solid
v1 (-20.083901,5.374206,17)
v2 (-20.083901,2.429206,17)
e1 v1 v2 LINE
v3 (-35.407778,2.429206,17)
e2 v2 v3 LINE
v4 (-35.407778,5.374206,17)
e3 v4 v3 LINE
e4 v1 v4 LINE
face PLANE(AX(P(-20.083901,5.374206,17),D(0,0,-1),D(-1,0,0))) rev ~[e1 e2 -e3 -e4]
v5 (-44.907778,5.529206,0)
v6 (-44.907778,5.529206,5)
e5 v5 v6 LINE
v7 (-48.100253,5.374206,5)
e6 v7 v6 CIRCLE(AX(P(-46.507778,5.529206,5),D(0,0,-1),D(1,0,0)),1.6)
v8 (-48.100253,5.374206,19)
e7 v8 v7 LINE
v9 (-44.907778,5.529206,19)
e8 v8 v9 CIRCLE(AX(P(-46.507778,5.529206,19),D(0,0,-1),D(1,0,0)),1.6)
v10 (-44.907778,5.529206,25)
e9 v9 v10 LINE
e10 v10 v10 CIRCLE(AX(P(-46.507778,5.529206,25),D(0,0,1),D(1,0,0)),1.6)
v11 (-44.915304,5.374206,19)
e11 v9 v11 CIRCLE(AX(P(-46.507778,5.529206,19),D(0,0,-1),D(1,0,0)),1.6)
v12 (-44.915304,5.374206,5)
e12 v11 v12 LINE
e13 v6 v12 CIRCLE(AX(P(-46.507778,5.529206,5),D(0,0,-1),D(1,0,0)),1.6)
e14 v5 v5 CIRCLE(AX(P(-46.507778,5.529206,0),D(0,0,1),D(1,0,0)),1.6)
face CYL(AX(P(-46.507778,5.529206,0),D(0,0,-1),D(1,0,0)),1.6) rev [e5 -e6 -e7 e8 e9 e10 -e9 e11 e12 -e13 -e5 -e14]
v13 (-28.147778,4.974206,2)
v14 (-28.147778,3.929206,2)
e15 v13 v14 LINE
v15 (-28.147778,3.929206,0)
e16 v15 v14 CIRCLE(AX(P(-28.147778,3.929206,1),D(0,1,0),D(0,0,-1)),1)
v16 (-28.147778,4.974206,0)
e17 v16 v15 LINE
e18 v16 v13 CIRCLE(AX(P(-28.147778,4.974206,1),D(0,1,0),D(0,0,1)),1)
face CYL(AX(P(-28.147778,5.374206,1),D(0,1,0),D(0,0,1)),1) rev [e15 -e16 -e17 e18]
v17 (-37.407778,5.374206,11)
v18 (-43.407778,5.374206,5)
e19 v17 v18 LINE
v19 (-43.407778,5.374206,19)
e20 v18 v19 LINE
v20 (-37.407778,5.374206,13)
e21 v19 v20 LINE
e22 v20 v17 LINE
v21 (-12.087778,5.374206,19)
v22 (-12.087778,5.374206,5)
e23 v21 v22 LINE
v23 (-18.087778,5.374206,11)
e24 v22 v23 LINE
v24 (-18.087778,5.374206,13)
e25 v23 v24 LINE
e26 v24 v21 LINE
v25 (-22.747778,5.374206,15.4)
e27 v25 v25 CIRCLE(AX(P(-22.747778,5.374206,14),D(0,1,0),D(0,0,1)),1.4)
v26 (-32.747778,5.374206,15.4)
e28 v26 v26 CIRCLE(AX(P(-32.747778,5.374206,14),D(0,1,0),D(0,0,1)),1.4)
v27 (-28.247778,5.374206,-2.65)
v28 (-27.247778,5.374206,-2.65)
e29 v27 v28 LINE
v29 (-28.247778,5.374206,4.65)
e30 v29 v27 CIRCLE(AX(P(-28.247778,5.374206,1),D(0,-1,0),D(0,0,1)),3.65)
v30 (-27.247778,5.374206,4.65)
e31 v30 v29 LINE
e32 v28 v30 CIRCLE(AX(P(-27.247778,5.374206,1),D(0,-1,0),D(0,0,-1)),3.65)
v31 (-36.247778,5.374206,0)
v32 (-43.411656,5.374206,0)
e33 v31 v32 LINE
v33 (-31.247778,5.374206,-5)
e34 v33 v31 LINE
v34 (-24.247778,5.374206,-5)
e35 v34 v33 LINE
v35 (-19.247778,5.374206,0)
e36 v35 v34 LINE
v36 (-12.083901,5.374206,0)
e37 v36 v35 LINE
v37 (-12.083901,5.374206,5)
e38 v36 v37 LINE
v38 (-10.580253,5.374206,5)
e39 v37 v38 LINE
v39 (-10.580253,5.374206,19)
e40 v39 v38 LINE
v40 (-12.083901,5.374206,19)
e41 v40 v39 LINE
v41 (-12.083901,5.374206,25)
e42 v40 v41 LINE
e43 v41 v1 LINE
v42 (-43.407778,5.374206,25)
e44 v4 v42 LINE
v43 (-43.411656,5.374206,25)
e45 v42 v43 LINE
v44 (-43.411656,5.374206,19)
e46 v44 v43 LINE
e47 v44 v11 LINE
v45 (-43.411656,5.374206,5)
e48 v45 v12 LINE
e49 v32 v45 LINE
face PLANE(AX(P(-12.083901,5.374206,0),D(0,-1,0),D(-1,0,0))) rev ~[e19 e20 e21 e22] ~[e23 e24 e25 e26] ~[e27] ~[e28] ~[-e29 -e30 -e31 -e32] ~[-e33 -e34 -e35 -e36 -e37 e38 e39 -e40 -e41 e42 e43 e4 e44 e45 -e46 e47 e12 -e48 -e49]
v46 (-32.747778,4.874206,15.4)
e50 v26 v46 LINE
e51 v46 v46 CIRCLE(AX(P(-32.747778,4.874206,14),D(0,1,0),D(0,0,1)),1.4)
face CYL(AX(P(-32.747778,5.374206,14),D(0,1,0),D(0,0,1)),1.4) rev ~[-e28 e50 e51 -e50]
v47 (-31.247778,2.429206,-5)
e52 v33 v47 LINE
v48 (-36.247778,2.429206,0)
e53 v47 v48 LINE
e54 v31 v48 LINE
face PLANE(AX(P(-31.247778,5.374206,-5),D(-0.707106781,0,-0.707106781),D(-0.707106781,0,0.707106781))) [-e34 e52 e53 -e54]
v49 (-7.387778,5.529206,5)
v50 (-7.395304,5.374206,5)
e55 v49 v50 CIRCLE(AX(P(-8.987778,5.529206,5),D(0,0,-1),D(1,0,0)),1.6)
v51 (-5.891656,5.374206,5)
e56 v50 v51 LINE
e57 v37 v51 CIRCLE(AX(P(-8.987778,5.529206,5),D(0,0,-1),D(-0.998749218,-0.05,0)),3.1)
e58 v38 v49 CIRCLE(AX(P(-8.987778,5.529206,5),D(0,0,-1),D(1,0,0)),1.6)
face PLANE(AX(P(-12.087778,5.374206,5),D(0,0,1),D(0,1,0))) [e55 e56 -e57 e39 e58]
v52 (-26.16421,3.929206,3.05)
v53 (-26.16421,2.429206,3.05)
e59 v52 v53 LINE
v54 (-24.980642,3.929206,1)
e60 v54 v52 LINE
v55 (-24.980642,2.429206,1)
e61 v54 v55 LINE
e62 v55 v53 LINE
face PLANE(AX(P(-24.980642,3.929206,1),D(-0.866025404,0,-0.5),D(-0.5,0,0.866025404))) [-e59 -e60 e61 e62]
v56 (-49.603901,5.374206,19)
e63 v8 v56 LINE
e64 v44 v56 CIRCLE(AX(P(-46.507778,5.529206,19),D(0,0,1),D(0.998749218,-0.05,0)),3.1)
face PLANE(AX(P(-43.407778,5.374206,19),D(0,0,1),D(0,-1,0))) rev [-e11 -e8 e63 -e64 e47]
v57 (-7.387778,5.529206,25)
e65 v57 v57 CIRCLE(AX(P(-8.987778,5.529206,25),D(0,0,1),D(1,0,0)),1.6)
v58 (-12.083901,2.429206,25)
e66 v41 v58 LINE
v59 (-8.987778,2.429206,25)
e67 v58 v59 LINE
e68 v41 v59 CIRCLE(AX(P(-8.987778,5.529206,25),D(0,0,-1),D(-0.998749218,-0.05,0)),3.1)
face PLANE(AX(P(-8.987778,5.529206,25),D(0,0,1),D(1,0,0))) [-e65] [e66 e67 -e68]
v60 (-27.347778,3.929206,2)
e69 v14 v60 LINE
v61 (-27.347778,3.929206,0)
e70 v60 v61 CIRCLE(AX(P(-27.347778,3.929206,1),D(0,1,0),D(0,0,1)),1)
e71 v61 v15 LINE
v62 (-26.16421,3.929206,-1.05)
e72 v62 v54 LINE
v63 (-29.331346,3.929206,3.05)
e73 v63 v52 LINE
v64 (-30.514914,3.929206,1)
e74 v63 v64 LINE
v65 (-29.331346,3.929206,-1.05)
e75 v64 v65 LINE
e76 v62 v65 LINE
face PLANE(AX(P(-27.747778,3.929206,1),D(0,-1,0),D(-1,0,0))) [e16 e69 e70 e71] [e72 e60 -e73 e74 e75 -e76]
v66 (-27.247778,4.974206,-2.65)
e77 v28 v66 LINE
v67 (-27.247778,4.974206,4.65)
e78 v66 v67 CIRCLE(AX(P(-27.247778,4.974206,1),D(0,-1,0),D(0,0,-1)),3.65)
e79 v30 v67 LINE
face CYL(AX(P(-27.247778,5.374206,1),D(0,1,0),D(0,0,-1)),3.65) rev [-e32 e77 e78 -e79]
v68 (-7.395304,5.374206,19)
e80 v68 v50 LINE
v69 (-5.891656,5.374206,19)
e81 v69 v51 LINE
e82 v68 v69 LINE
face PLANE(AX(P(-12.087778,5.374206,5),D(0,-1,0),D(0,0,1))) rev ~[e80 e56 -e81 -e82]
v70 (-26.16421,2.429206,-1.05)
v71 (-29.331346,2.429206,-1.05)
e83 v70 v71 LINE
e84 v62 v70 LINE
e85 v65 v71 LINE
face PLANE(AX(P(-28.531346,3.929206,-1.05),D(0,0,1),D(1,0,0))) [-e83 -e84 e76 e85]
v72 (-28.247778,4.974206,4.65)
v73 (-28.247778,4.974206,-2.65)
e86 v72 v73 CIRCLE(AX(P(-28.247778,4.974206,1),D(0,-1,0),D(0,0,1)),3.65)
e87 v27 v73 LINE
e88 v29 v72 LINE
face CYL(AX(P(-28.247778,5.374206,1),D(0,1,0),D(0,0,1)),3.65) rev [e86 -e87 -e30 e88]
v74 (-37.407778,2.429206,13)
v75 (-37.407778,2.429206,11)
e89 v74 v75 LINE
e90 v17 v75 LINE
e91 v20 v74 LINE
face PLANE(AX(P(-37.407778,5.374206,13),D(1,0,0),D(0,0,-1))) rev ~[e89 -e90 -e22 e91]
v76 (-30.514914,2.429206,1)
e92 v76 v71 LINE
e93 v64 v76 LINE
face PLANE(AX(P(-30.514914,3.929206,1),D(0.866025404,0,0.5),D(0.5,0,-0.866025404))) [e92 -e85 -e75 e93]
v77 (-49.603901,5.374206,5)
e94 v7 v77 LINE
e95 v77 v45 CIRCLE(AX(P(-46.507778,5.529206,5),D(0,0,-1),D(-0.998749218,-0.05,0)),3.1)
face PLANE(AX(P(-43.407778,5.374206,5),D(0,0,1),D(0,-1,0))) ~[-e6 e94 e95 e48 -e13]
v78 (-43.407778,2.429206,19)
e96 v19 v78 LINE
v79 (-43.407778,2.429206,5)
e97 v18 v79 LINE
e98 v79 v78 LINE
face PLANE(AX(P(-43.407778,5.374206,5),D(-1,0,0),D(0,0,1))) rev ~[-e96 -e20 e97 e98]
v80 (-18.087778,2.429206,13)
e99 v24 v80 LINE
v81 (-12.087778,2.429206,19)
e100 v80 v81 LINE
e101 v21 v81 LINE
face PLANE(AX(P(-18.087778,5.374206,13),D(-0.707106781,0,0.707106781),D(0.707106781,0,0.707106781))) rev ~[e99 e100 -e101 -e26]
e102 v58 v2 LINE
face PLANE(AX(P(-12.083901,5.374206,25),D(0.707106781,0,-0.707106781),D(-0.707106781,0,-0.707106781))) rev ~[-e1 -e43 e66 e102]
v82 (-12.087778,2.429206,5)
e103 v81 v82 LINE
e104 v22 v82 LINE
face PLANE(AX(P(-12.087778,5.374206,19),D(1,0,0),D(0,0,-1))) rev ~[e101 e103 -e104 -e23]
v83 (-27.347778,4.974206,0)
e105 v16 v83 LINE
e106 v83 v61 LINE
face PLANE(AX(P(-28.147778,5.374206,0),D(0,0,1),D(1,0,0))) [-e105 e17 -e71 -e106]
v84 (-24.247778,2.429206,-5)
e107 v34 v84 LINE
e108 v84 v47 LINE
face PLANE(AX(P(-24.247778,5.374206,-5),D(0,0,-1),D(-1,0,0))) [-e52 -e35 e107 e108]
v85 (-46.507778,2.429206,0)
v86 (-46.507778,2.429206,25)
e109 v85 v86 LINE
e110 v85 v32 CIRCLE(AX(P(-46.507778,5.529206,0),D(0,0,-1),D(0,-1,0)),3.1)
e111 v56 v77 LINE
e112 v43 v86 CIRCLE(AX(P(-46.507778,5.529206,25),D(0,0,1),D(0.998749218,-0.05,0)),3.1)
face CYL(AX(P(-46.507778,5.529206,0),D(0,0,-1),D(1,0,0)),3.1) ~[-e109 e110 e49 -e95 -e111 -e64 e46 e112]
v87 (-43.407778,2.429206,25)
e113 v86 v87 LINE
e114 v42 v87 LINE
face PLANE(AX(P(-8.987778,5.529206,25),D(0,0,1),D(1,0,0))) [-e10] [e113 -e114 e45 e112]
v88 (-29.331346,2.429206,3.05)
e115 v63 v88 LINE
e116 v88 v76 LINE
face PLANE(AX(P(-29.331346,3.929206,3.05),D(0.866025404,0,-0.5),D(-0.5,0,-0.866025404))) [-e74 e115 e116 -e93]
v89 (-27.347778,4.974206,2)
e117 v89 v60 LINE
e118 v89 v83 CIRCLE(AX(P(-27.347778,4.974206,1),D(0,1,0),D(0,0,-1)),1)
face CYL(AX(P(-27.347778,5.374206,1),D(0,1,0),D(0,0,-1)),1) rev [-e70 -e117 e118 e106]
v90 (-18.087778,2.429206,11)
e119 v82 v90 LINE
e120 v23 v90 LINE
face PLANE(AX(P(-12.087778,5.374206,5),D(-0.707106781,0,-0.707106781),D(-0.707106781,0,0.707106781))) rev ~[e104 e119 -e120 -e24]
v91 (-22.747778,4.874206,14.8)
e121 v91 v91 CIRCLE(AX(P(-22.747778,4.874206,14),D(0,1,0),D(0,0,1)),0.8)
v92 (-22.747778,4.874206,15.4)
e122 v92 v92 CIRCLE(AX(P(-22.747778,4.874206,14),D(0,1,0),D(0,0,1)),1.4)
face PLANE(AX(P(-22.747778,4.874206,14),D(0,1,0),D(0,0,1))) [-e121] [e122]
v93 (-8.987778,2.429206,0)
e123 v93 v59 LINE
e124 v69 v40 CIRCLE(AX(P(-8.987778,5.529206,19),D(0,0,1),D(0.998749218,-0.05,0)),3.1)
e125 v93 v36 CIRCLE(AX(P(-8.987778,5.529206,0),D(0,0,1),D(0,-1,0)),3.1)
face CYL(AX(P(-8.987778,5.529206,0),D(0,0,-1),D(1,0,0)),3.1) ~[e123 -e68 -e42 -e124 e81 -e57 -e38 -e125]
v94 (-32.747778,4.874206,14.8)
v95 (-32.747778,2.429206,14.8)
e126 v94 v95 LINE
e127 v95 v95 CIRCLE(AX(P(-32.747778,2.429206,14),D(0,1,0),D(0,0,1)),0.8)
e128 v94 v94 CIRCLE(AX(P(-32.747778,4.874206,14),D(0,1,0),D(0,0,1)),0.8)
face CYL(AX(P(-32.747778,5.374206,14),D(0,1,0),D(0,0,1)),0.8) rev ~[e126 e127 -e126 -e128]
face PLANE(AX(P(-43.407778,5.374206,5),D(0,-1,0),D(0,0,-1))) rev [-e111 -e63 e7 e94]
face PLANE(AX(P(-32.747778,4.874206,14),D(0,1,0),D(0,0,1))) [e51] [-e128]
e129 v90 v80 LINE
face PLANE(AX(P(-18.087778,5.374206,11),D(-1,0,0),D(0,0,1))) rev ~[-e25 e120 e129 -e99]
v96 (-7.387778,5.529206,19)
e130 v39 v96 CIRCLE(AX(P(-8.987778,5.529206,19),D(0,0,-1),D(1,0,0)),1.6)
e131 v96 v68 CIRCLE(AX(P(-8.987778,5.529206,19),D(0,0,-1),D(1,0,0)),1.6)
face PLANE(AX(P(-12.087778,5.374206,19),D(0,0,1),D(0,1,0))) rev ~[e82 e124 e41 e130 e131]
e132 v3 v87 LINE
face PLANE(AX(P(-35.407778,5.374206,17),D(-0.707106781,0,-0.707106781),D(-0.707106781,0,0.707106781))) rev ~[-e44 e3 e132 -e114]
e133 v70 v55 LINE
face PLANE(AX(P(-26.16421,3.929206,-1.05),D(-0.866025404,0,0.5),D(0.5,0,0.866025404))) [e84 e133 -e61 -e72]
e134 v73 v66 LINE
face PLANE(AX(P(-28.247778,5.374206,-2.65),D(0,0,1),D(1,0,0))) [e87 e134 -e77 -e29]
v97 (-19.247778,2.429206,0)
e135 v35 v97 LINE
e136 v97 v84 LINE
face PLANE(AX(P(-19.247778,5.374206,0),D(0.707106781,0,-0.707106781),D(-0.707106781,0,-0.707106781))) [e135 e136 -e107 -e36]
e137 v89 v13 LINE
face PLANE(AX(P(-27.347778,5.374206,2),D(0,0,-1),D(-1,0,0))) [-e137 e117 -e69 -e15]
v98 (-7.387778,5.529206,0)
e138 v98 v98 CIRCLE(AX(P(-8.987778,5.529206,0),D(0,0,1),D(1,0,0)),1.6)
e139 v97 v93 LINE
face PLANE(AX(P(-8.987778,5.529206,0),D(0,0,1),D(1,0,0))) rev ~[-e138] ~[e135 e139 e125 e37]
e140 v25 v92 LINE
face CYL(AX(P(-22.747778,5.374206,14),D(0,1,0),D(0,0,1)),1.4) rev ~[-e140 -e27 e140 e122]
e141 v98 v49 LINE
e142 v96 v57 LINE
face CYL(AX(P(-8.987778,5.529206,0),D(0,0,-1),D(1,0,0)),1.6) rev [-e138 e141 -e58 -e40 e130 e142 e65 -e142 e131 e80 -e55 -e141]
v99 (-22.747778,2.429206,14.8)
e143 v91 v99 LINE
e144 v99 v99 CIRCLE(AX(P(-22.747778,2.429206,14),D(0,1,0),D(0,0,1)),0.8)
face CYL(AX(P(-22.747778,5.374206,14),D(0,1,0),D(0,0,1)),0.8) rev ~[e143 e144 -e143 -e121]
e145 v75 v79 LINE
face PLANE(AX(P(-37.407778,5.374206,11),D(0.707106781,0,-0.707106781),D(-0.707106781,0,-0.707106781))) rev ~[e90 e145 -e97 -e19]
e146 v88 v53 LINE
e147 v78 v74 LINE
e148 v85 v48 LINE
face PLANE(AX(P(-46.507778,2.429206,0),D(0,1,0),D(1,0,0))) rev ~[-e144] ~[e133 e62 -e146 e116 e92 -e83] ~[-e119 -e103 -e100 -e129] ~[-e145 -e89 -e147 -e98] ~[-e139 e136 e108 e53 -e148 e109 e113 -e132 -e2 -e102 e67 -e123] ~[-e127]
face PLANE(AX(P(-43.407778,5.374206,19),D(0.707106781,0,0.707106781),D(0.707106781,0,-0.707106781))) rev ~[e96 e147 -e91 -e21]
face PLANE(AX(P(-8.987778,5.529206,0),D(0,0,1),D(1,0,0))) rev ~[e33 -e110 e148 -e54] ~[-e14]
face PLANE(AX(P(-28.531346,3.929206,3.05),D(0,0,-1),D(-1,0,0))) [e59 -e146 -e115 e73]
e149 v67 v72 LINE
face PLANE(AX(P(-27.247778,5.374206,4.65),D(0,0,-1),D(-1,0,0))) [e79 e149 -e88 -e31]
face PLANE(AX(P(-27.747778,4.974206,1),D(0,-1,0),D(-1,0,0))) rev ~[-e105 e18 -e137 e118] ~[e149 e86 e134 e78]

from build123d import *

# Parameters (mm, degrees)
SKETCH_1_R           = 3.1
SKETCH_1_R_2         = 1.6
EXTRUDE_1_DEPTH      = 25
EXTRUDE_2_DEPTH      = 2.945
CUT_EXTRUDE_1_DEPTH  = 56.64644355
CUT_EXTRUDE_START    = -1.5
CUT_EXTRUDE_4_DEPTH  = 1.5
SKETCH_6_R           = 0.8
CUT_EXTRUDE_5_DEPTH  = 56.64644355
CUT_EXTRUDE_6_DEPTH  = 56.64644355
SKETCH_9_W           = 14
SKETCH_9_H           = 3.255
CUT_EXTRUDE_9_DEPTH  = 46.904396246
SKETCH_10_R          = 1.4
CUT_EXTRUDE_11_DEPTH = 0.5
CUT_EXTRUDE_12_DEPTH = 0.4


with BuildPart() as part:
    # 草图1 → 凸台-拉伸1 (new body)
    # profile 1 of 3: a face of its own
    with BuildSketch(Plane.XY):
        with Locations((-46.507778168, 5.529205914)):
            Circle(SKETCH_1_R)
        with Locations((-46.507778168, 5.529205914)):
            Circle(SKETCH_1_R_2, mode=Mode.SUBTRACT)
    # profile 2 of 3: a face of its own
    with BuildSketch(Plane.XY):
        with BuildLine():
            ThreePointArc((-43.411655593, 5.374205914), (-44.371250611, 3.283042519), (-46.507778168, 2.429205914))
            Line((-46.507778168, 2.429205914), (-8.987778168, 2.429205914))
            ThreePointArc((-8.987778168, 2.429205914), (-11.124305724, 3.283042519), (-12.083900743, 5.374205914))
            Line((-12.083900743, 5.374205914), (-43.411655593, 5.374205914))
        make_face()
    # profile 3 of 3: a face of its own
    with BuildSketch(Plane.XY):
        with Locations((-8.987778168, 5.529205914)):
            Circle(SKETCH_1_R)
        with Locations((-8.987778168, 5.529205914)):
            Circle(SKETCH_1_R_2, mode=Mode.SUBTRACT)
    extrude(amount=EXTRUDE_1_DEPTH)

    # 草图2 → 凸台-拉伸2 (add)
    with BuildSketch(Plane(origin=(0, 5.374205914, 0), x_dir=(1, 0, 0), z_dir=(0, 1, 0))):
        Polygon((-19.247778168, 0), (-24.247778168, 5), (-31.247778168, 5), (-36.247778168, 0), align=None)
    extrude(amount=-EXTRUDE_2_DEPTH)

    # 草图3 → 切除-拉伸1 (cut, through all)
    with BuildSketch(Plane(origin=(0, 5.374205914, 0), x_dir=(1, 0, 0), z_dir=(0, 1, 0))):
        with BuildLine():
            Line((-28.147778168, 0), (-27.347778168, 0))
            ThreePointArc((-27.347778168, 0), (-26.347778168, -1), (-27.347778168, -2))
            Line((-27.347778168, -2), (-28.147778168, -2))
            ThreePointArc((-28.147778168, -2), (-29.147778168, -1), (-28.147778168, 0))
        make_face()
    extrude(amount=-CUT_EXTRUDE_1_DEPTH, mode=Mode.SUBTRACT)

    # 草图5 → 切除-拉伸4 (cut)
    # profile 1 of 3: a face of its own
    with BuildSketch(Plane(origin=(0, 2.429205914, 0), x_dir=(-1, 0, 0), z_dir=(0, -1, 0)).offset(CUT_EXTRUDE_START)):
        Polygon((25.780642064, -1), (26.964210116, 1.05), (26.164210116, 1.05), (24.980642064, -1), (26.164210116, -3.05), (26.964210116, -3.05), align=None)
    # profile 2 of 3: a face of its own
    with BuildSketch(Plane(origin=(0, 2.429205914, 0), x_dir=(-1, 0, 0), z_dir=(0, -1, 0)).offset(CUT_EXTRUDE_START)):
        Polygon((28.53134622, -3.05), (29.714914272, -1), (28.53134622, 1.05), (26.964210116, 1.05), (25.780642064, -1), (26.964210116, -3.05), align=None)
        with BuildLine():
            ThreePointArc((27.347778168, -2), (26.347778168, -1), (27.347778168, 0))
            Line((27.347778168, 0), (28.147778168, 0))
            ThreePointArc((28.147778168, 0), (29.147778168, -1), (28.147778168, -2))
            Line((28.147778168, -2), (27.347778168, -2))
        make_face(mode=Mode.SUBTRACT)
    # profile 3 of 3: a face of its own
    with BuildSketch(Plane(origin=(0, 2.429205914, 0), x_dir=(-1, 0, 0), z_dir=(0, -1, 0)).offset(CUT_EXTRUDE_START)):
        Polygon((28.53134622, 1.05), (29.714914272, -1), (28.53134622, -3.05), (29.33134622, -3.05), (30.514914272, -1), (29.33134622, 1.05), align=None)
    extrude(amount=CUT_EXTRUDE_4_DEPTH, mode=Mode.SUBTRACT)

    # 草图6 → 切除-拉伸5 (cut, through all)
    with BuildSketch(Plane(origin=(0, 5.374205914, 0), x_dir=(1, 0, 0), z_dir=(0, 1, 0))):
        with Locations(Location((-32.747778168, -14, 0), (0, 0, 270))):
            Circle(SKETCH_6_R)
        with Locations(Location((-22.747778168, -14, 0), (0, 0, 270))):
            Circle(SKETCH_6_R)
    extrude(amount=-CUT_EXTRUDE_5_DEPTH, mode=Mode.SUBTRACT)

    # 草图7 → 切除-拉伸6 (cut, through all)
    with BuildSketch(Plane(origin=(0, 5.374205914, 0), x_dir=(1, 0, 0), z_dir=(0, 1, 0))):
        Polygon((-35.407778168, -17), (-43.407778168, -25), (-12.083900743, -25), (-20.083900743, -17), align=None)
        Polygon((-37.407778168, -13), (-37.407778168, -11), (-43.407778168, -5), (-43.407778168, -19), align=None)
        Polygon((-12.087778168, -5), (-18.087778168, -11), (-18.087778168, -13), (-12.087778168, -19), align=None)
    extrude(amount=-CUT_EXTRUDE_6_DEPTH, mode=Mode.SUBTRACT)

    # 草图9 → 切除-拉伸9 (cut, through all)
    with BuildSketch(Plane.ZY.offset(12.087778168)):
        with Locations((12, 7.001705914)):
            Rectangle(SKETCH_9_W, SKETCH_9_H)
    cut_extrude_9 = extrude(amount=-CUT_EXTRUDE_9_DEPTH, mode=Mode.SUBTRACT)

    # 镜向1: 切除-拉伸9 across plane
    add(cut_extrude_9.mirror(Plane(origin=(-27.747778168, 0, 0), x_dir=(0, 0, 1), z_dir=(1, 0, 0))), mode=Mode.SUBTRACT)

    # 草图10 → 切除-拉伸11 (cut)
    with BuildSketch(Plane(origin=(0, 5.374205914, 0), x_dir=(1, 0, 0), z_dir=(0, 1, 0))):
        with Locations(Location((-22.747778168, -14, 0), (0, 0, 270))):
            Circle(SKETCH_10_R)
        with Locations(Location((-32.747778168, -14, 0), (0, 0, 270))):
            Circle(SKETCH_10_R)
    extrude(amount=-CUT_EXTRUDE_11_DEPTH, mode=Mode.SUBTRACT)

    # 草图11 → 切除-拉伸12 (cut)
    with BuildSketch(Plane(origin=(0, 5.374205914, 0), x_dir=(1, 0, 0), z_dir=(0, 1, 0))):
        with BuildLine():
            Line((-27.247778168, -4.65), (-28.247778168, -4.65))
            ThreePointArc((-28.247778168, -4.65), (-31.897778168, -1), (-28.247778168, 2.65))
            Line((-28.247778168, 2.65), (-27.247778168, 2.65))
            ThreePointArc((-27.247778168, 2.65), (-23.597778168, -1), (-27.247778168, -4.65))
        make_face()
    extrude(amount=-CUT_EXTRUDE_12_DEPTH, mode=Mode.SUBTRACT)


solid = part.part
